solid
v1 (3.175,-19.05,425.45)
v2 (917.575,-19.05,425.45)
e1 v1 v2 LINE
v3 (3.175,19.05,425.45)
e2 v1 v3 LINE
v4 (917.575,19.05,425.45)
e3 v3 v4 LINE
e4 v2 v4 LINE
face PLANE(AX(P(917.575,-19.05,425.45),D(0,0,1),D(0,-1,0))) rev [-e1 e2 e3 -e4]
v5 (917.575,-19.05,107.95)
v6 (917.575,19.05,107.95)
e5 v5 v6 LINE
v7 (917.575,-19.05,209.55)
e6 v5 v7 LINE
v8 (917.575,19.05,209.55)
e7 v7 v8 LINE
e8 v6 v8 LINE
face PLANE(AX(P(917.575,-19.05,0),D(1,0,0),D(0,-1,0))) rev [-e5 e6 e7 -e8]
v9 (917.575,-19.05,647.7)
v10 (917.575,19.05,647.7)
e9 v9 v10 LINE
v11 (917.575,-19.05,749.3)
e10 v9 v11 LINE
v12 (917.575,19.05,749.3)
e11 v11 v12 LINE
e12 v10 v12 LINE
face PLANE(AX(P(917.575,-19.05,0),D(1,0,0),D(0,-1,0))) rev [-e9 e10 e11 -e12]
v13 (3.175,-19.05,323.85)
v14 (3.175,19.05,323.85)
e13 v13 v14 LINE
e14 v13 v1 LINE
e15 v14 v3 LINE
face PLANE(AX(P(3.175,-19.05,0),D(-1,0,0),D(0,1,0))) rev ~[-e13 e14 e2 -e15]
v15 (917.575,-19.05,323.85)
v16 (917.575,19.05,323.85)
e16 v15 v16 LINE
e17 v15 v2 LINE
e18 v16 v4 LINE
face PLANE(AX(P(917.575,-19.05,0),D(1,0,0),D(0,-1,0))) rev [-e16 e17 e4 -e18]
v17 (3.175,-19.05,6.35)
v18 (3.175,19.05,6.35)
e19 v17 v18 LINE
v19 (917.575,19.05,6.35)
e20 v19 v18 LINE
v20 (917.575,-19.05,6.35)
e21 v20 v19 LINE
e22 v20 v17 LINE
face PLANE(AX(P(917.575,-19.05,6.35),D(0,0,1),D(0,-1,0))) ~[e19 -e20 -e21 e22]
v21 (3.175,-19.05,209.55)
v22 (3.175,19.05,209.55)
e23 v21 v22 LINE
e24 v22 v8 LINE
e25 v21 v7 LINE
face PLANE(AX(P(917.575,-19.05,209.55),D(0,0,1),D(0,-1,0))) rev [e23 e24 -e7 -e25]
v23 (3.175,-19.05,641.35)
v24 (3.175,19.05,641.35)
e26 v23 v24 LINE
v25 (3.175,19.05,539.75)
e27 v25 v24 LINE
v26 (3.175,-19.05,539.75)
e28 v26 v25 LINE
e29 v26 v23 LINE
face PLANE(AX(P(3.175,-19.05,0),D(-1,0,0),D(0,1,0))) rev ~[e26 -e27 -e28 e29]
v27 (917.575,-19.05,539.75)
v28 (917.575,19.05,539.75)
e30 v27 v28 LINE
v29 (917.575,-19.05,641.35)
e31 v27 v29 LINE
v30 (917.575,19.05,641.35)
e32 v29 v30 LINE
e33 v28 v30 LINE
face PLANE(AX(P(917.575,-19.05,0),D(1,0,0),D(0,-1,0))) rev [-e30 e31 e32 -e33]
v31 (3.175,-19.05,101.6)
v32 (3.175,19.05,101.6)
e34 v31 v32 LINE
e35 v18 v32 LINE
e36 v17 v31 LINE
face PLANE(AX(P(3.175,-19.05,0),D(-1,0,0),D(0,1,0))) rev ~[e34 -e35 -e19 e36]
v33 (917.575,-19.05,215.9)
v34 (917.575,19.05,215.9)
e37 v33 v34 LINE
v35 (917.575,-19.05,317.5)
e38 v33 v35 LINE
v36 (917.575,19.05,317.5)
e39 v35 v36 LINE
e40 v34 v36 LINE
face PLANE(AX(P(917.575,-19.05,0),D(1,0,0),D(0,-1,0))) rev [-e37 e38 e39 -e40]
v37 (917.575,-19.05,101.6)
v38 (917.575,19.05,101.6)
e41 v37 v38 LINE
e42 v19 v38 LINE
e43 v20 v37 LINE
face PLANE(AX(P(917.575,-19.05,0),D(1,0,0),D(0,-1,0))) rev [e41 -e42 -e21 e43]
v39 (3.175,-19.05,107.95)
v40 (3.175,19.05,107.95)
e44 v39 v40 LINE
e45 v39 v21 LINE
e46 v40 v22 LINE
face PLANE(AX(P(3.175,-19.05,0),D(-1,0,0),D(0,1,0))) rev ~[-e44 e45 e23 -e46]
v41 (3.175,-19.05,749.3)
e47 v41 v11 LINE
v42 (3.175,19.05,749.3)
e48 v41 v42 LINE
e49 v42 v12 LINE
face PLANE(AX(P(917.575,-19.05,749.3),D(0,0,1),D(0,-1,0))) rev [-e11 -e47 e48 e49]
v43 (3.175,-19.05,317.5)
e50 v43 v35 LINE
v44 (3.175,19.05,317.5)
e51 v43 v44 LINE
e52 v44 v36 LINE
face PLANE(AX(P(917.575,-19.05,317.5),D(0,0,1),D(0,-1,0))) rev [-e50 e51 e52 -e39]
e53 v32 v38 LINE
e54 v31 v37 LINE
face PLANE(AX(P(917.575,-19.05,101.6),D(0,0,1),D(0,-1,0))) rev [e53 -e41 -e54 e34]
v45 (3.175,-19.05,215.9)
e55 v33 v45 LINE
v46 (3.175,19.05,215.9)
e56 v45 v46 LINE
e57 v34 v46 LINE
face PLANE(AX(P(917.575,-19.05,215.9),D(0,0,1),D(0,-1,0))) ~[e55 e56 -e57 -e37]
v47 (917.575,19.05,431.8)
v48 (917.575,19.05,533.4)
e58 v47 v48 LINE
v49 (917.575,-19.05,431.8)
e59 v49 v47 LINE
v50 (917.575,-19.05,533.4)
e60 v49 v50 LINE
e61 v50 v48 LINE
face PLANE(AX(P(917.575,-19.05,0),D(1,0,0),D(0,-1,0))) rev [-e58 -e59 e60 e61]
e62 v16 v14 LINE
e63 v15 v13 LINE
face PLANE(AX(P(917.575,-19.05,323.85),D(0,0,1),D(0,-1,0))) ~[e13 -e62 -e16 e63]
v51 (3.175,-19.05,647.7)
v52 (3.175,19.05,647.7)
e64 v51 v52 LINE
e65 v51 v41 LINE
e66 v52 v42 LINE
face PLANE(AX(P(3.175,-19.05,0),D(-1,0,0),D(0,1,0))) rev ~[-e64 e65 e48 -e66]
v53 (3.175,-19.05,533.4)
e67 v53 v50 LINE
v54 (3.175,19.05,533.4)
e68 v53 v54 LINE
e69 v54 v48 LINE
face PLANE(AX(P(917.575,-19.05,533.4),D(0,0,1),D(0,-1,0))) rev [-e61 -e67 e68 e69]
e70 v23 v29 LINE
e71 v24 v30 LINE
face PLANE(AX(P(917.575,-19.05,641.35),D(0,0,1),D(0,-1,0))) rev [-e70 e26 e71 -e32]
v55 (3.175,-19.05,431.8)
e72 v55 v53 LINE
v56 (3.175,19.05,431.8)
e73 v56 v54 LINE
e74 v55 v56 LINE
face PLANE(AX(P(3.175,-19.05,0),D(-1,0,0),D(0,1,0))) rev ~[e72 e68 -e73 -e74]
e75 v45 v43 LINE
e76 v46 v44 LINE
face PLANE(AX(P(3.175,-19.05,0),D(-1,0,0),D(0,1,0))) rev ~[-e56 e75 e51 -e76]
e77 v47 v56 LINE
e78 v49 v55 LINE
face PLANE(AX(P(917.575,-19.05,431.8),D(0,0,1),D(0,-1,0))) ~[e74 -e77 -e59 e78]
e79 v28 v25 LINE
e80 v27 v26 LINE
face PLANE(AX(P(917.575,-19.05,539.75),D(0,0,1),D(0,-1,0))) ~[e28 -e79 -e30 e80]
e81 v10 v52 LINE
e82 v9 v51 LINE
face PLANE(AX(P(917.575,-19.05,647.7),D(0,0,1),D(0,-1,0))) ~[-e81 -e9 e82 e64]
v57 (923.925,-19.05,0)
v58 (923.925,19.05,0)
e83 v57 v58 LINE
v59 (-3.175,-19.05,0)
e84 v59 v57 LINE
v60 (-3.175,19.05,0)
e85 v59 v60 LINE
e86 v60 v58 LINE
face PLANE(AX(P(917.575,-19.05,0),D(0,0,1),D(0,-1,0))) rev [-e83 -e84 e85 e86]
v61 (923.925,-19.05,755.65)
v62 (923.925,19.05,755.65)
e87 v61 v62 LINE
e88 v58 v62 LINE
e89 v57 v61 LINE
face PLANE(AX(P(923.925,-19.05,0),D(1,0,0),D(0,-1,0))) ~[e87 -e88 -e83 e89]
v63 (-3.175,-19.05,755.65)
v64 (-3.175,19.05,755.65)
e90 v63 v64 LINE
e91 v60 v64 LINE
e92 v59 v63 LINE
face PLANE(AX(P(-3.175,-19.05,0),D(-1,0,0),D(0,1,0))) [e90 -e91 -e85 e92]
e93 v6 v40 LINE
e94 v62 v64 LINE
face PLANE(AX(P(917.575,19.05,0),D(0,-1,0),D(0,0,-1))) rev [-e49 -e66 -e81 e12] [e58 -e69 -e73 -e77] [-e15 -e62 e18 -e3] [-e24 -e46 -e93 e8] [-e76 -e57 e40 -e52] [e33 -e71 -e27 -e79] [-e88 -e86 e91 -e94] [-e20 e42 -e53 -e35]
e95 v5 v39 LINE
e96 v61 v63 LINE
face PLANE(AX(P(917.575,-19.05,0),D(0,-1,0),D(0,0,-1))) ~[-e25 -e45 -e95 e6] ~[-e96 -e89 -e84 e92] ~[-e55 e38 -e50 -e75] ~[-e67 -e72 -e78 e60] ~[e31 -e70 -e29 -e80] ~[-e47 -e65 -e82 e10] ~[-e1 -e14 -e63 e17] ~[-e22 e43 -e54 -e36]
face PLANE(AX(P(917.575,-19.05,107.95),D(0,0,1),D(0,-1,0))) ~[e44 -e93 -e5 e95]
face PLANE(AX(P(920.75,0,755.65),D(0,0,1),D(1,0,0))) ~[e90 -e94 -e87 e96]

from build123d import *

# Parameters (mm, degrees)
F0_W     = 6.35
F0_H     = 38.1
F1_DEPTH = 755.65
F2_W     = 38.1
F2_H     = 6.35
F3_DEPTH = 457.2


with BuildPart() as f1:
    # F0 (on Top) → F1 (new body)
    with BuildSketch(Plane.XY):
        Rectangle(F0_W, F0_H)
    extrude(amount=F1_DEPTH)

    # F2 (on face) → F3 (join)
    with BuildSketch(Plane.YZ.offset(3.175)):
        with Locations((0, 104.775)):
            Rectangle(F2_W, F2_H)
        with Locations((0, 3.175)):
            Rectangle(F2_W, F2_H)
        with Locations((0, 212.725)):
            Rectangle(F2_W, F2_H)
        with Locations((0, 320.675)):
            Rectangle(F2_W, F2_H)
        with Locations((0, 428.625)):
            Rectangle(F2_W, F2_H)
        with Locations((0, 536.575)):
            Rectangle(F2_W, F2_H)
        with Locations((0, 644.525)):
            Rectangle(F2_W, F2_H)
        with Locations((0, 752.475)):
            Rectangle(F2_W, F2_H)
    extrude(amount=F3_DEPTH)

    # F4: F1 across face


with BuildPart() as f1_1:
    add(f1.part)
    add(f1.part.mirror(Plane(origin=(460.375, 0, 644.525), x_dir=(0, 1, 0), z_dir=(1, 0, 0))))


solid = f1_1.part
